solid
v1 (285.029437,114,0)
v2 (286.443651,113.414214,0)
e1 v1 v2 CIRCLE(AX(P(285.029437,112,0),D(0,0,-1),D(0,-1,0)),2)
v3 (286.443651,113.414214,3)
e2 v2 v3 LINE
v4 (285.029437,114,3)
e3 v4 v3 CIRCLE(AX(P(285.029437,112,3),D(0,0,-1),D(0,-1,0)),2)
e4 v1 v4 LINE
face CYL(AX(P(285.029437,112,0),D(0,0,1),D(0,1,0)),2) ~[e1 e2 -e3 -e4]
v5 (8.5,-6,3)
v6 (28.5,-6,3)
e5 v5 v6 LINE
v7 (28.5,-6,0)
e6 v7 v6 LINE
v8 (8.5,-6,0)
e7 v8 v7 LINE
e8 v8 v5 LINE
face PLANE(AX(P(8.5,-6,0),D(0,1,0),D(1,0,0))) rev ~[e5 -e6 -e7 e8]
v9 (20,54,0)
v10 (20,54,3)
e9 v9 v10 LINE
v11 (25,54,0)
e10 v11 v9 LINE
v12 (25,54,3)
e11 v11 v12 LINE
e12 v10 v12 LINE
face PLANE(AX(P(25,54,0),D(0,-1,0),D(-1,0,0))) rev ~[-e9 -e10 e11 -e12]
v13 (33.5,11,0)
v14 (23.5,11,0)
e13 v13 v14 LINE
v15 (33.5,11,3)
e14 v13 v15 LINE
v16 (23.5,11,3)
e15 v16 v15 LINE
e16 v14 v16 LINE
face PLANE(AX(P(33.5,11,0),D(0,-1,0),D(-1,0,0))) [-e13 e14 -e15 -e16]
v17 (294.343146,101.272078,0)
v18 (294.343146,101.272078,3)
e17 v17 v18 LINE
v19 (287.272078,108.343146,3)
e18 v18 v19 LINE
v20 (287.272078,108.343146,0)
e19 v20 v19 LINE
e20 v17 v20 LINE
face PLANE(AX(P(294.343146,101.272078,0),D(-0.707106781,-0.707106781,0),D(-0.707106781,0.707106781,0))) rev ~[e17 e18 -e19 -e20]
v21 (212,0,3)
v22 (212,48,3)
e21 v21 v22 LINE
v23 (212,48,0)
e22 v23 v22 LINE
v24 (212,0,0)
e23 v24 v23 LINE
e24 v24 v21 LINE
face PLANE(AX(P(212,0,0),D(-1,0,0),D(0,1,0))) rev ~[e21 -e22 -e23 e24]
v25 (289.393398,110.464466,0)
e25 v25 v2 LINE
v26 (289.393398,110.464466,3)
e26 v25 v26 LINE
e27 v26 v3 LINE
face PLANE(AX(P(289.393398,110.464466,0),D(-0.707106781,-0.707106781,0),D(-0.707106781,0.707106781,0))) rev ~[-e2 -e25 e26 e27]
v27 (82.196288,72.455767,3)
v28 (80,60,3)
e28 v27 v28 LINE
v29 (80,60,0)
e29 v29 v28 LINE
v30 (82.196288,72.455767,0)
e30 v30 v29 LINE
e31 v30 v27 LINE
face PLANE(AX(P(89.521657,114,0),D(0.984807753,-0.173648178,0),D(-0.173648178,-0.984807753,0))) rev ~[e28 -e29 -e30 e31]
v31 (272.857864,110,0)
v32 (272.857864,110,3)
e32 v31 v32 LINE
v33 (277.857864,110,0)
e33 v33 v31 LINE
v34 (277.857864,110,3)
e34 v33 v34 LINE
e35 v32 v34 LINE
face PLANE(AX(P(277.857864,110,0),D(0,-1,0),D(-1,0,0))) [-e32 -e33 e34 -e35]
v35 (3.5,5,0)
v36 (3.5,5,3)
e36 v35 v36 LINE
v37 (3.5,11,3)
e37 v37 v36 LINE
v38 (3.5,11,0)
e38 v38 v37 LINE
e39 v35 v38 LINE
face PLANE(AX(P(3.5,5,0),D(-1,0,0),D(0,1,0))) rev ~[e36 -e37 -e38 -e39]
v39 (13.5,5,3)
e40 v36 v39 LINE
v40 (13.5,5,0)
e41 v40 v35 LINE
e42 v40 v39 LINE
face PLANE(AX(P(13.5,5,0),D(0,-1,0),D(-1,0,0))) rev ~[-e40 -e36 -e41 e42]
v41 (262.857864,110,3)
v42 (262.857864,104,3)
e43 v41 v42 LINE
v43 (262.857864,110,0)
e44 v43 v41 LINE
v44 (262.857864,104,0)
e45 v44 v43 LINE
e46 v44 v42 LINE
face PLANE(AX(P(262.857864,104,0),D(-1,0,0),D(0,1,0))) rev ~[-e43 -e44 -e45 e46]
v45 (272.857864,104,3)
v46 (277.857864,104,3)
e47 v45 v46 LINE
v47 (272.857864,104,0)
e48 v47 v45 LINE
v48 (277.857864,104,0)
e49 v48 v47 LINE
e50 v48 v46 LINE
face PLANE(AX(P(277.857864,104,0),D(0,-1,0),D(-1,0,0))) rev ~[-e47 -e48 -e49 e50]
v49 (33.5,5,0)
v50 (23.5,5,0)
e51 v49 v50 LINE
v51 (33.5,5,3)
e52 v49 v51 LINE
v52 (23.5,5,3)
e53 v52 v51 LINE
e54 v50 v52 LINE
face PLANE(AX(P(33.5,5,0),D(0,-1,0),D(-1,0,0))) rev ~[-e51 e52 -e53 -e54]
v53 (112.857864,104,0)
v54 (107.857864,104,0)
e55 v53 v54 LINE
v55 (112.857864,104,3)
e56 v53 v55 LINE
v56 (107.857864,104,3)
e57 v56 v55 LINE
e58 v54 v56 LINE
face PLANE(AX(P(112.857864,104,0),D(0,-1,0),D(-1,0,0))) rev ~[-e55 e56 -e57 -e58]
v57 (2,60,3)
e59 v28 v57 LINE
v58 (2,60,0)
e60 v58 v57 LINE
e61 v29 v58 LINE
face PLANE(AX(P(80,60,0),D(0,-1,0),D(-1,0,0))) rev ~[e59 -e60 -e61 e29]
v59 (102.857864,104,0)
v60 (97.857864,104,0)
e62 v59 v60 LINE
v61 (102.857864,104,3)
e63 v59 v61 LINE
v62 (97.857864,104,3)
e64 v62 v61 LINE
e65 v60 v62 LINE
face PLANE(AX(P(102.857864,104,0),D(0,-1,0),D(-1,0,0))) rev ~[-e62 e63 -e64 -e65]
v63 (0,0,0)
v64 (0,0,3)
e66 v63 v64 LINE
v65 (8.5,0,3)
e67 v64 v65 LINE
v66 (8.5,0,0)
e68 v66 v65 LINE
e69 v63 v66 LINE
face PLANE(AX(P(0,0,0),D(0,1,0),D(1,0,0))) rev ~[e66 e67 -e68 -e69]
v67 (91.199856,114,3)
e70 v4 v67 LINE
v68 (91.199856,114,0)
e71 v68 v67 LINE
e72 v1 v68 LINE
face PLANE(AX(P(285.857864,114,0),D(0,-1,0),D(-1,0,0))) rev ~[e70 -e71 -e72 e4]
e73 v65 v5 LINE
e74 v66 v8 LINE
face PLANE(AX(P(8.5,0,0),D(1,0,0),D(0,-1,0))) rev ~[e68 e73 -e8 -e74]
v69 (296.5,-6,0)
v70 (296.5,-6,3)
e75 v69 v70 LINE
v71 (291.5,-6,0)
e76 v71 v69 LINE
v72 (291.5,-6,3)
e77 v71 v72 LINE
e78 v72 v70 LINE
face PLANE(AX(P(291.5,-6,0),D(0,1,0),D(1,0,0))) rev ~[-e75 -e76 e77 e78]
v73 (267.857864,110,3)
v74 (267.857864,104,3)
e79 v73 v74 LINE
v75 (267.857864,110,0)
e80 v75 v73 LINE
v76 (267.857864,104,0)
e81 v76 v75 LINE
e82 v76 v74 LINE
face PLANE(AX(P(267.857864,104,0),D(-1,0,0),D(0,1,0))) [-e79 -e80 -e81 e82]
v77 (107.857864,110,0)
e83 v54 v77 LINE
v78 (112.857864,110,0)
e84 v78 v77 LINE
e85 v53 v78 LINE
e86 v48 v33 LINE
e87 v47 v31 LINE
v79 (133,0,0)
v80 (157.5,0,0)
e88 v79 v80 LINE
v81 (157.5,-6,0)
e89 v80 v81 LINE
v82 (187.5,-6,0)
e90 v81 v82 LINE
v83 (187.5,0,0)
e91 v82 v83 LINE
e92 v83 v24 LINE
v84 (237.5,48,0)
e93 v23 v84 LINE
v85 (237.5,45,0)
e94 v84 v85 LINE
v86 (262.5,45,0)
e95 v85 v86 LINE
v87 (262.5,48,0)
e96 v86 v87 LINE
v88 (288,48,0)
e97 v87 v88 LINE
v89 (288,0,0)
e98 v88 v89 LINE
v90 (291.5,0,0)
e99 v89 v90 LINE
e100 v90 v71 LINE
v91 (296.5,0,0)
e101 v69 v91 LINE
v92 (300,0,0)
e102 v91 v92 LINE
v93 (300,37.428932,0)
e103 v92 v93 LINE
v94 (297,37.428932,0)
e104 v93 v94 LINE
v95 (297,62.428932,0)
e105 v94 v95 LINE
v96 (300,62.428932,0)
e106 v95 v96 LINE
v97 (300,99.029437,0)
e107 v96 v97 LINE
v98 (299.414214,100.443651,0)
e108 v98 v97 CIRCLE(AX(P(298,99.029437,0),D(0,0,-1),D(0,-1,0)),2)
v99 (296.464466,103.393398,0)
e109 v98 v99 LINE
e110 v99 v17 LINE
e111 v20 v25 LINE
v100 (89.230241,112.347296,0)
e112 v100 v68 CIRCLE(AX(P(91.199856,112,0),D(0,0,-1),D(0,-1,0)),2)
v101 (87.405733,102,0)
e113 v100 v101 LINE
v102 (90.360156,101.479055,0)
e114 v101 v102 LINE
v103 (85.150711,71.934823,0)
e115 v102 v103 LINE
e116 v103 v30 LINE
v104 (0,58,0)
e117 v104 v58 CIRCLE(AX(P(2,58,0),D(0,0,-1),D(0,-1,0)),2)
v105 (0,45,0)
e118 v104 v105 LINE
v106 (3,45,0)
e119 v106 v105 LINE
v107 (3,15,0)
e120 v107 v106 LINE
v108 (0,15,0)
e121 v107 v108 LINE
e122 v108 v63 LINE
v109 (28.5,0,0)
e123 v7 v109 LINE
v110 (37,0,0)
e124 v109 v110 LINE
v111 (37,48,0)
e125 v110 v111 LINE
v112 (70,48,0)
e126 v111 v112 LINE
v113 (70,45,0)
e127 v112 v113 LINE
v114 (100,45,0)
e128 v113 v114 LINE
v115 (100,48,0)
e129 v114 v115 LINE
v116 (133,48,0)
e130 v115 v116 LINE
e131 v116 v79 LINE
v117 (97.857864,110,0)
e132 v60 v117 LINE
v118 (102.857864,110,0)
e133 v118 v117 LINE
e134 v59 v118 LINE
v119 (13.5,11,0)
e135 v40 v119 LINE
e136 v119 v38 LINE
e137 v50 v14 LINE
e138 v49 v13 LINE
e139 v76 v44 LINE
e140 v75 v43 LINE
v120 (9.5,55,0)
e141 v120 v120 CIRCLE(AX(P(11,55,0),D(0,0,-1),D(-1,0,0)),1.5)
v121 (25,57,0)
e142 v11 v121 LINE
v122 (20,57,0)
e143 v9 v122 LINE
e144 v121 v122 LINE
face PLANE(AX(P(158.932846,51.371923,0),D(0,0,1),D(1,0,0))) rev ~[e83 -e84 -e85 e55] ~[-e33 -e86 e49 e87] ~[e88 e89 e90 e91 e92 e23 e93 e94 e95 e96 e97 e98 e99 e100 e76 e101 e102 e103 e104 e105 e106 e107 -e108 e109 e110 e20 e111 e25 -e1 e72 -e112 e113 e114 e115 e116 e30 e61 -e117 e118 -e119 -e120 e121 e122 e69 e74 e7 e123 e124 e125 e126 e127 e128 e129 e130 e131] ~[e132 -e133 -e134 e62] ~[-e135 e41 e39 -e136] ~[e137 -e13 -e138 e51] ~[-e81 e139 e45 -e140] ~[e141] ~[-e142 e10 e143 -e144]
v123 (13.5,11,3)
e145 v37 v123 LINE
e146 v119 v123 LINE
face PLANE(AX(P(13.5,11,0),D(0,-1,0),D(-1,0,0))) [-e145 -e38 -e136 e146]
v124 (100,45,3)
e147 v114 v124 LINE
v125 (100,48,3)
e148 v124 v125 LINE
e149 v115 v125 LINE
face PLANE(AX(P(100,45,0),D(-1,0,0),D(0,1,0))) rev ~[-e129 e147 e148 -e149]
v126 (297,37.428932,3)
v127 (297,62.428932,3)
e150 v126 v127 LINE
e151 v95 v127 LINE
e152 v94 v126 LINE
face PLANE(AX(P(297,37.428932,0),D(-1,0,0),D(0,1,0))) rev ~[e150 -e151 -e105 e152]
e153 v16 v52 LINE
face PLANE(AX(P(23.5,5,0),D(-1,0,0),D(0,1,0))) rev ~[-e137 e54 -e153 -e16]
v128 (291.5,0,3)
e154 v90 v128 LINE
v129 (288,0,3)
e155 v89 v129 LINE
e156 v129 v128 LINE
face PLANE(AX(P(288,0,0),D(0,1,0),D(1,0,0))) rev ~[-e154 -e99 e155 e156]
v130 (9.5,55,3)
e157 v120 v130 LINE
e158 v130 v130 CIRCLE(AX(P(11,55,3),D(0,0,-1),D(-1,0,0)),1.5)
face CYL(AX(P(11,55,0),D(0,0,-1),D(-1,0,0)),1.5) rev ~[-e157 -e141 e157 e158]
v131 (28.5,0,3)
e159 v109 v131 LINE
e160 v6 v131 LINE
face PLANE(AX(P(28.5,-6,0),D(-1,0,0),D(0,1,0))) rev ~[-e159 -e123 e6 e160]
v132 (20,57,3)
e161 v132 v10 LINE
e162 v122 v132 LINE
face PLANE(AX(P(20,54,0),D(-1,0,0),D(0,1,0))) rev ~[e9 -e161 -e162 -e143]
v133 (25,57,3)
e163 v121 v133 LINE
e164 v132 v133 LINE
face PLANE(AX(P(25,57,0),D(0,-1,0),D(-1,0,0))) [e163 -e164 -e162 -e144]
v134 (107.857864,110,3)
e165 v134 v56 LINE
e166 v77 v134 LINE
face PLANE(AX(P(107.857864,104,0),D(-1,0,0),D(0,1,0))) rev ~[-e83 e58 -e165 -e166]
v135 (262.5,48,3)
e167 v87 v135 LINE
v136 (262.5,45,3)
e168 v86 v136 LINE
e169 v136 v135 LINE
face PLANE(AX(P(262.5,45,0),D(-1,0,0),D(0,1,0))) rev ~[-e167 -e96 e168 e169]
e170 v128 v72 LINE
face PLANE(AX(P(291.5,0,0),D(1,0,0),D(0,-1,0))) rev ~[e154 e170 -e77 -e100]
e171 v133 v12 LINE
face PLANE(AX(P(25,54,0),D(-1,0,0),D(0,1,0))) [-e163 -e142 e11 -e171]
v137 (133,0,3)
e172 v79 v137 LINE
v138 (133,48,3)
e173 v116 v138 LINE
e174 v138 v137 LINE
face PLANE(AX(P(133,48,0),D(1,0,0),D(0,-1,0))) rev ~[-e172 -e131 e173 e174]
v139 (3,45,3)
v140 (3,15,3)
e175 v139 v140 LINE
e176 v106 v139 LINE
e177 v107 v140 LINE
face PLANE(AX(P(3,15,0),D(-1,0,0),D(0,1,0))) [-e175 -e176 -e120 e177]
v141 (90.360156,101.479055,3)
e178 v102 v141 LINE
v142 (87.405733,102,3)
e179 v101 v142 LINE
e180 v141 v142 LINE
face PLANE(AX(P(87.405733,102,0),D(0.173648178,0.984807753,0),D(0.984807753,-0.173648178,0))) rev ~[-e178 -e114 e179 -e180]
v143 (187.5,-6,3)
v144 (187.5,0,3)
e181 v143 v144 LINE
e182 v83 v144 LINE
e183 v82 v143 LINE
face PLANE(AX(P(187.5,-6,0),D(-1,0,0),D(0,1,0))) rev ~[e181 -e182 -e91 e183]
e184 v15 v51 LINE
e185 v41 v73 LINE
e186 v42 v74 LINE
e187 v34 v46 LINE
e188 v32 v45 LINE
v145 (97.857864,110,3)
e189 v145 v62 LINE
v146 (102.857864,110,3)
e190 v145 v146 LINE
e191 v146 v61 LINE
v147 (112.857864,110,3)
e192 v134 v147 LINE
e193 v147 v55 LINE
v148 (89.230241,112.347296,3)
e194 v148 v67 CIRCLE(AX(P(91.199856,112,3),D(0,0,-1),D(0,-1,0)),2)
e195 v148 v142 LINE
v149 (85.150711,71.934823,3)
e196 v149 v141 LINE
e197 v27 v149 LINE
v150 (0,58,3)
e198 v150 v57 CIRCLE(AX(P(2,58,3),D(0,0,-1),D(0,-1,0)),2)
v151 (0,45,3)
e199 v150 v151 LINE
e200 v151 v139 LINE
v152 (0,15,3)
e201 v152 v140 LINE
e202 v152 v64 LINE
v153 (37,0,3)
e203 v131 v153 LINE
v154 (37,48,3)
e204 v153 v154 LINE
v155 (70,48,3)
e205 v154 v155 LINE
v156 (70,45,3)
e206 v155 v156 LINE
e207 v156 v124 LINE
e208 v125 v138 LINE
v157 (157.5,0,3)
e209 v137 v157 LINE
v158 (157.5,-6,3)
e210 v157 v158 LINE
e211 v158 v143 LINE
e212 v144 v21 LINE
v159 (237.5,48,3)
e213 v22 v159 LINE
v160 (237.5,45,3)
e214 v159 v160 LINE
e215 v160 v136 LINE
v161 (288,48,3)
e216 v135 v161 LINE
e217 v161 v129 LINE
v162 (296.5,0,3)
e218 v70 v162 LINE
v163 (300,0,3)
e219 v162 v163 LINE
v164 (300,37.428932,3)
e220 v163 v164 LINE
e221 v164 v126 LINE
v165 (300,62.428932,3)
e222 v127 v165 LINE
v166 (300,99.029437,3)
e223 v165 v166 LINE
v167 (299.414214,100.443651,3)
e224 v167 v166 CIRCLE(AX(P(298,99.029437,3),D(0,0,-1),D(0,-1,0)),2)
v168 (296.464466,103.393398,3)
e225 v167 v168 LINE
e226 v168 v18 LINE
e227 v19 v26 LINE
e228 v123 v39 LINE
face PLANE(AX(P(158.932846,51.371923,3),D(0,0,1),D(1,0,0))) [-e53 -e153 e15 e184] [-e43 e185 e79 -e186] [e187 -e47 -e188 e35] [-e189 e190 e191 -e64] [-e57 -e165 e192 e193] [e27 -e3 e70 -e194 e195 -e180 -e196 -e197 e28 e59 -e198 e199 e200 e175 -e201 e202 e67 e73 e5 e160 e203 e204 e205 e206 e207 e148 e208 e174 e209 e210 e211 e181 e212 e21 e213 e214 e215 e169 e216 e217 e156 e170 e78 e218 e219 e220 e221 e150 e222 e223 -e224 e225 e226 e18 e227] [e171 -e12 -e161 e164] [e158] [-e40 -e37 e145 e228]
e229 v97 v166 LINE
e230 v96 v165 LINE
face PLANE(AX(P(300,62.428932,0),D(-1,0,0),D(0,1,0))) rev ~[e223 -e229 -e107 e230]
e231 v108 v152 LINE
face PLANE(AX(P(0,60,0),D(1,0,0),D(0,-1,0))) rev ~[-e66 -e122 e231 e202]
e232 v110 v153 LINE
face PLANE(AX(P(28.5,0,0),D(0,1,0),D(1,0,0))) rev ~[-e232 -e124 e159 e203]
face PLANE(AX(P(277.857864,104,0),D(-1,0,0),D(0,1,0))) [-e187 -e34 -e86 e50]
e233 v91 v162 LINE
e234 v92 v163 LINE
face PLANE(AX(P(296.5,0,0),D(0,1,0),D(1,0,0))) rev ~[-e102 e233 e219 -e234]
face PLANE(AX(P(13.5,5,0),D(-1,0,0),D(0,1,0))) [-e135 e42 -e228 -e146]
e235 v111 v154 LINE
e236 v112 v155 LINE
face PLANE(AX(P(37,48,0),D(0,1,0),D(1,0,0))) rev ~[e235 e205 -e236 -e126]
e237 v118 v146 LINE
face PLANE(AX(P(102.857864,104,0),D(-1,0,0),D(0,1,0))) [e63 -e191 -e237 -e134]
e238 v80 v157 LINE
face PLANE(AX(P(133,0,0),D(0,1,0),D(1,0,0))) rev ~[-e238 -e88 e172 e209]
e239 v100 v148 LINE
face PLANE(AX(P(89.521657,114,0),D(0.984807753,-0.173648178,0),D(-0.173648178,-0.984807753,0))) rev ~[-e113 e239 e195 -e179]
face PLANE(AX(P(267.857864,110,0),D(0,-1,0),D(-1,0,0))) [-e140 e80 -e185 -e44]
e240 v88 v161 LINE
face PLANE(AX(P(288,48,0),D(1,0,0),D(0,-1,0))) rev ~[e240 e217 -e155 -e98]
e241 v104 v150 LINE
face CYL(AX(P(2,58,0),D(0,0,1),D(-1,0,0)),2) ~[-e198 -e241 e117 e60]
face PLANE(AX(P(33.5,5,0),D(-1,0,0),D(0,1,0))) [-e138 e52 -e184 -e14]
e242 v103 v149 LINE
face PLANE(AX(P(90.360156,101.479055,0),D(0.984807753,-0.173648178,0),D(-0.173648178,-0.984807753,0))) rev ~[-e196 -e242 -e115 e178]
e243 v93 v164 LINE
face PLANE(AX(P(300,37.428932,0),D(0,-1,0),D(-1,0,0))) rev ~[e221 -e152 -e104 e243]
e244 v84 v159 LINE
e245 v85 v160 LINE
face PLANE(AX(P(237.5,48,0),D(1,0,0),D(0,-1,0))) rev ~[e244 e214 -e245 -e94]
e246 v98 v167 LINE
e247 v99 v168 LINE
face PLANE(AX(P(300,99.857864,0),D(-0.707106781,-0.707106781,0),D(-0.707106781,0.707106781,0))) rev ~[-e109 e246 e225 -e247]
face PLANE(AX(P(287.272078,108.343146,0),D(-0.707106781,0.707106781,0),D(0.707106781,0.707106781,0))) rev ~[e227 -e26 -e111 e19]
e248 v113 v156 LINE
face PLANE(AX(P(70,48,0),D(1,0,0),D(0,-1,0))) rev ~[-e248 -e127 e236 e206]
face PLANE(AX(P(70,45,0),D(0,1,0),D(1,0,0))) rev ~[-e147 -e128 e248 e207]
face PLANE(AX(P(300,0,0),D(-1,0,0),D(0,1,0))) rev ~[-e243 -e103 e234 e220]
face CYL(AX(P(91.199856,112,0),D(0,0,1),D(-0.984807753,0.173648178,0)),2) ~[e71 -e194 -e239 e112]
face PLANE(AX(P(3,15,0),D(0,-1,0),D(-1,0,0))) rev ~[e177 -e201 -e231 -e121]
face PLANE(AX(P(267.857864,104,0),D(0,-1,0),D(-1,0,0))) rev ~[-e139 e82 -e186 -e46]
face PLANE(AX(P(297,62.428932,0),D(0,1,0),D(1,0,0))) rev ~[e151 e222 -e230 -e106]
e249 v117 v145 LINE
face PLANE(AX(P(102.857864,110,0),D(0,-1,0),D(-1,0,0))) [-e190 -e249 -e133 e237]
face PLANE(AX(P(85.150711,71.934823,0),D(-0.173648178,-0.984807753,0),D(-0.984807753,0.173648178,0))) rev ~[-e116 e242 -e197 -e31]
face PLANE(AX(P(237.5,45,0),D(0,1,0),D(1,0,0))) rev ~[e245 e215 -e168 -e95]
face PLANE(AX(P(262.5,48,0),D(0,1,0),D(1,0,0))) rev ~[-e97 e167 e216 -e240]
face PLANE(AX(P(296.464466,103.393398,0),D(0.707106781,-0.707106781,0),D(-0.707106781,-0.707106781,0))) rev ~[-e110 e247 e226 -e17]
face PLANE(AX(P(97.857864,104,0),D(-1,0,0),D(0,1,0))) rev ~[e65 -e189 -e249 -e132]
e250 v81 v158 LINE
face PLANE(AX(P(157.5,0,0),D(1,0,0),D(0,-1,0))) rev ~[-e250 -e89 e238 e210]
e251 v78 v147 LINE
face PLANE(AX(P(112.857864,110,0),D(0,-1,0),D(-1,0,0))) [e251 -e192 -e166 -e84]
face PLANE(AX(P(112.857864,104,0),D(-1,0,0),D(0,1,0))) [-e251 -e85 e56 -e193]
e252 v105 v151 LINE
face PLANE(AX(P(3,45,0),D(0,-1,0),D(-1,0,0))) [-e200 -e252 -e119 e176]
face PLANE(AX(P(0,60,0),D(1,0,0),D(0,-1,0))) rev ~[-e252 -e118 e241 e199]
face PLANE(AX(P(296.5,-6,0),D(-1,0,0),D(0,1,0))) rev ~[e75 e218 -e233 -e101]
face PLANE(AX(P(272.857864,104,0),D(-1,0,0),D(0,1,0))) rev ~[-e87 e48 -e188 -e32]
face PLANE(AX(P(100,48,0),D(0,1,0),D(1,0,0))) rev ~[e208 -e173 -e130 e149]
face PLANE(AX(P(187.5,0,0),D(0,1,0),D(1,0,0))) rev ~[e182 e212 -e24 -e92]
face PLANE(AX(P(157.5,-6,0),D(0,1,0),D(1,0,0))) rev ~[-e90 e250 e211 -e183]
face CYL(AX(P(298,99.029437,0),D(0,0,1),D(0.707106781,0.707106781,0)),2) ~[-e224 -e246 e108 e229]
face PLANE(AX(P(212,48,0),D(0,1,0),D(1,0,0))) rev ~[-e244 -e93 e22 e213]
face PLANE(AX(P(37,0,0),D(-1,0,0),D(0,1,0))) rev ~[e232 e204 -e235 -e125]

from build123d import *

# Parameters (mm, degrees)
BOSS_EXTRUDE1_DEPTH = 3
SKETCH2_W           = 3
SKETCH2_H           = 30
CUT_EXTRUDE1_DEPTH  = 321.943920335
SKETCH3_W           = 10
SKETCH3_H           = 6
CUT_EXTRUDE2_DEPTH  = 321.943920335
SKETCH4_R           = 1.5
SKETCH4_W           = 5
SKETCH4_H           = 3
CUT_EXTRUDE3_DEPTH  = 321.943920335
SKETCH5_W           = 5
SKETCH5_H           = 6
CUT_EXTRUDE4_DEPTH  = 321.943920335
FILLET1_R           = 2


with BuildPart() as part:
    # Sketch1 → Boss-Extrude1 (new body)
    with BuildSketch(Plane.XY):
        Polygon((0, 0), (8.5, 0), (8.5, -6), (28.5, -6), (28.5, 0), (37, 0), (37, 48), (70, 48), (70, 45), (100, 45), (100, 48), (133, 48), (133, 0), (157.5, 0), (157.5, -6), (187.5, -6), (187.5, 0), (212, 0), (212, 48), (237.5, 48), (237.5, 45), (262.5, 45), (262.5, 48), (288, 48), (288, 0), (291.5, 0), (291.5, -6), (296.5, -6), (296.5, 0), (300, 0), (300, 37.428932188), (297, 37.428932188), (297, 62.428932188), (300, 62.428932188), (300, 99.857864376), (296.464466094, 103.393398282), (294.343145751, 101.272077939), (287.272077939, 108.343145751), (289.393398282, 110.464466094), (285.857864376, 114), (89.521656958, 114), (80, 60), (0, 60), align=None)
    extrude(amount=BOSS_EXTRUDE1_DEPTH)

    # Sketch2 → Cut-Extrude1 (cut, through all)
    with BuildSketch(Plane(origin=(0, 0, 0), x_dir=(-1, 0, 0), z_dir=(0, 0, -1))):
        Polygon((-87.40573319, 102), (-90.360156449, 101.479055467), (-85.150711119, 71.934822877), (-82.19628786, 72.45576741), align=None)
        with Locations((-1.5, 30)):
            Rectangle(SKETCH2_W, SKETCH2_H)
    extrude(amount=-CUT_EXTRUDE1_DEPTH, mode=Mode.SUBTRACT)

    # Sketch3 → Cut-Extrude2 (cut, through all)
    with BuildSketch(Plane(origin=(0, 0, 0), x_dir=(-1, 0, 0), z_dir=(0, 0, -1))):
        with Locations((-28.5, 8)):
            Rectangle(SKETCH3_W, SKETCH3_H)
        with Locations((-8.5, 8)):
            Rectangle(SKETCH3_W, SKETCH3_H)
    extrude(amount=-CUT_EXTRUDE2_DEPTH, mode=Mode.SUBTRACT)

    # Sketch4 → Cut-Extrude3 (cut, through all)
    with BuildSketch(Plane(origin=(0, 0, 0), x_dir=(-1, 0, 0), z_dir=(0, 0, -1))):
        with Locations((-11, 55)):
            Circle(SKETCH4_R)
        with Locations((-22.5, 55.5)):
            Rectangle(SKETCH4_W, SKETCH4_H)
    extrude(amount=-CUT_EXTRUDE3_DEPTH, mode=Mode.SUBTRACT)

    # Sketch5 → Cut-Extrude4 (cut, through all)
    with BuildSketch(Plane(origin=(0, 0, 0), x_dir=(-1, 0, 0), z_dir=(0, 0, -1))):
        with Locations((-275.357864376, 107)):
            Rectangle(SKETCH5_W, SKETCH5_H)
        with Locations((-265.357864376, 107)):
            Rectangle(SKETCH5_W, SKETCH5_H)
        with Locations((-110.357864376, 107)):
            Rectangle(SKETCH5_W, SKETCH5_H)
        with Locations((-100.357864376, 107)):
            Rectangle(SKETCH5_W, SKETCH5_H)
    extrude(amount=-CUT_EXTRUDE4_DEPTH, mode=Mode.SUBTRACT)

    # Fillet1
    fillet1_edges = [part.edges().sort_by_distance(p)[0] for p in [
        (0, 60, 1.5),
        (89.521656958, 114, 1.5),
        (285.857864376, 114, 1.5),
        (300, 99.857864376, 1.5),
    ]]
    fillet(fillet1_edges, radius=FILLET1_R)


solid = part.part
